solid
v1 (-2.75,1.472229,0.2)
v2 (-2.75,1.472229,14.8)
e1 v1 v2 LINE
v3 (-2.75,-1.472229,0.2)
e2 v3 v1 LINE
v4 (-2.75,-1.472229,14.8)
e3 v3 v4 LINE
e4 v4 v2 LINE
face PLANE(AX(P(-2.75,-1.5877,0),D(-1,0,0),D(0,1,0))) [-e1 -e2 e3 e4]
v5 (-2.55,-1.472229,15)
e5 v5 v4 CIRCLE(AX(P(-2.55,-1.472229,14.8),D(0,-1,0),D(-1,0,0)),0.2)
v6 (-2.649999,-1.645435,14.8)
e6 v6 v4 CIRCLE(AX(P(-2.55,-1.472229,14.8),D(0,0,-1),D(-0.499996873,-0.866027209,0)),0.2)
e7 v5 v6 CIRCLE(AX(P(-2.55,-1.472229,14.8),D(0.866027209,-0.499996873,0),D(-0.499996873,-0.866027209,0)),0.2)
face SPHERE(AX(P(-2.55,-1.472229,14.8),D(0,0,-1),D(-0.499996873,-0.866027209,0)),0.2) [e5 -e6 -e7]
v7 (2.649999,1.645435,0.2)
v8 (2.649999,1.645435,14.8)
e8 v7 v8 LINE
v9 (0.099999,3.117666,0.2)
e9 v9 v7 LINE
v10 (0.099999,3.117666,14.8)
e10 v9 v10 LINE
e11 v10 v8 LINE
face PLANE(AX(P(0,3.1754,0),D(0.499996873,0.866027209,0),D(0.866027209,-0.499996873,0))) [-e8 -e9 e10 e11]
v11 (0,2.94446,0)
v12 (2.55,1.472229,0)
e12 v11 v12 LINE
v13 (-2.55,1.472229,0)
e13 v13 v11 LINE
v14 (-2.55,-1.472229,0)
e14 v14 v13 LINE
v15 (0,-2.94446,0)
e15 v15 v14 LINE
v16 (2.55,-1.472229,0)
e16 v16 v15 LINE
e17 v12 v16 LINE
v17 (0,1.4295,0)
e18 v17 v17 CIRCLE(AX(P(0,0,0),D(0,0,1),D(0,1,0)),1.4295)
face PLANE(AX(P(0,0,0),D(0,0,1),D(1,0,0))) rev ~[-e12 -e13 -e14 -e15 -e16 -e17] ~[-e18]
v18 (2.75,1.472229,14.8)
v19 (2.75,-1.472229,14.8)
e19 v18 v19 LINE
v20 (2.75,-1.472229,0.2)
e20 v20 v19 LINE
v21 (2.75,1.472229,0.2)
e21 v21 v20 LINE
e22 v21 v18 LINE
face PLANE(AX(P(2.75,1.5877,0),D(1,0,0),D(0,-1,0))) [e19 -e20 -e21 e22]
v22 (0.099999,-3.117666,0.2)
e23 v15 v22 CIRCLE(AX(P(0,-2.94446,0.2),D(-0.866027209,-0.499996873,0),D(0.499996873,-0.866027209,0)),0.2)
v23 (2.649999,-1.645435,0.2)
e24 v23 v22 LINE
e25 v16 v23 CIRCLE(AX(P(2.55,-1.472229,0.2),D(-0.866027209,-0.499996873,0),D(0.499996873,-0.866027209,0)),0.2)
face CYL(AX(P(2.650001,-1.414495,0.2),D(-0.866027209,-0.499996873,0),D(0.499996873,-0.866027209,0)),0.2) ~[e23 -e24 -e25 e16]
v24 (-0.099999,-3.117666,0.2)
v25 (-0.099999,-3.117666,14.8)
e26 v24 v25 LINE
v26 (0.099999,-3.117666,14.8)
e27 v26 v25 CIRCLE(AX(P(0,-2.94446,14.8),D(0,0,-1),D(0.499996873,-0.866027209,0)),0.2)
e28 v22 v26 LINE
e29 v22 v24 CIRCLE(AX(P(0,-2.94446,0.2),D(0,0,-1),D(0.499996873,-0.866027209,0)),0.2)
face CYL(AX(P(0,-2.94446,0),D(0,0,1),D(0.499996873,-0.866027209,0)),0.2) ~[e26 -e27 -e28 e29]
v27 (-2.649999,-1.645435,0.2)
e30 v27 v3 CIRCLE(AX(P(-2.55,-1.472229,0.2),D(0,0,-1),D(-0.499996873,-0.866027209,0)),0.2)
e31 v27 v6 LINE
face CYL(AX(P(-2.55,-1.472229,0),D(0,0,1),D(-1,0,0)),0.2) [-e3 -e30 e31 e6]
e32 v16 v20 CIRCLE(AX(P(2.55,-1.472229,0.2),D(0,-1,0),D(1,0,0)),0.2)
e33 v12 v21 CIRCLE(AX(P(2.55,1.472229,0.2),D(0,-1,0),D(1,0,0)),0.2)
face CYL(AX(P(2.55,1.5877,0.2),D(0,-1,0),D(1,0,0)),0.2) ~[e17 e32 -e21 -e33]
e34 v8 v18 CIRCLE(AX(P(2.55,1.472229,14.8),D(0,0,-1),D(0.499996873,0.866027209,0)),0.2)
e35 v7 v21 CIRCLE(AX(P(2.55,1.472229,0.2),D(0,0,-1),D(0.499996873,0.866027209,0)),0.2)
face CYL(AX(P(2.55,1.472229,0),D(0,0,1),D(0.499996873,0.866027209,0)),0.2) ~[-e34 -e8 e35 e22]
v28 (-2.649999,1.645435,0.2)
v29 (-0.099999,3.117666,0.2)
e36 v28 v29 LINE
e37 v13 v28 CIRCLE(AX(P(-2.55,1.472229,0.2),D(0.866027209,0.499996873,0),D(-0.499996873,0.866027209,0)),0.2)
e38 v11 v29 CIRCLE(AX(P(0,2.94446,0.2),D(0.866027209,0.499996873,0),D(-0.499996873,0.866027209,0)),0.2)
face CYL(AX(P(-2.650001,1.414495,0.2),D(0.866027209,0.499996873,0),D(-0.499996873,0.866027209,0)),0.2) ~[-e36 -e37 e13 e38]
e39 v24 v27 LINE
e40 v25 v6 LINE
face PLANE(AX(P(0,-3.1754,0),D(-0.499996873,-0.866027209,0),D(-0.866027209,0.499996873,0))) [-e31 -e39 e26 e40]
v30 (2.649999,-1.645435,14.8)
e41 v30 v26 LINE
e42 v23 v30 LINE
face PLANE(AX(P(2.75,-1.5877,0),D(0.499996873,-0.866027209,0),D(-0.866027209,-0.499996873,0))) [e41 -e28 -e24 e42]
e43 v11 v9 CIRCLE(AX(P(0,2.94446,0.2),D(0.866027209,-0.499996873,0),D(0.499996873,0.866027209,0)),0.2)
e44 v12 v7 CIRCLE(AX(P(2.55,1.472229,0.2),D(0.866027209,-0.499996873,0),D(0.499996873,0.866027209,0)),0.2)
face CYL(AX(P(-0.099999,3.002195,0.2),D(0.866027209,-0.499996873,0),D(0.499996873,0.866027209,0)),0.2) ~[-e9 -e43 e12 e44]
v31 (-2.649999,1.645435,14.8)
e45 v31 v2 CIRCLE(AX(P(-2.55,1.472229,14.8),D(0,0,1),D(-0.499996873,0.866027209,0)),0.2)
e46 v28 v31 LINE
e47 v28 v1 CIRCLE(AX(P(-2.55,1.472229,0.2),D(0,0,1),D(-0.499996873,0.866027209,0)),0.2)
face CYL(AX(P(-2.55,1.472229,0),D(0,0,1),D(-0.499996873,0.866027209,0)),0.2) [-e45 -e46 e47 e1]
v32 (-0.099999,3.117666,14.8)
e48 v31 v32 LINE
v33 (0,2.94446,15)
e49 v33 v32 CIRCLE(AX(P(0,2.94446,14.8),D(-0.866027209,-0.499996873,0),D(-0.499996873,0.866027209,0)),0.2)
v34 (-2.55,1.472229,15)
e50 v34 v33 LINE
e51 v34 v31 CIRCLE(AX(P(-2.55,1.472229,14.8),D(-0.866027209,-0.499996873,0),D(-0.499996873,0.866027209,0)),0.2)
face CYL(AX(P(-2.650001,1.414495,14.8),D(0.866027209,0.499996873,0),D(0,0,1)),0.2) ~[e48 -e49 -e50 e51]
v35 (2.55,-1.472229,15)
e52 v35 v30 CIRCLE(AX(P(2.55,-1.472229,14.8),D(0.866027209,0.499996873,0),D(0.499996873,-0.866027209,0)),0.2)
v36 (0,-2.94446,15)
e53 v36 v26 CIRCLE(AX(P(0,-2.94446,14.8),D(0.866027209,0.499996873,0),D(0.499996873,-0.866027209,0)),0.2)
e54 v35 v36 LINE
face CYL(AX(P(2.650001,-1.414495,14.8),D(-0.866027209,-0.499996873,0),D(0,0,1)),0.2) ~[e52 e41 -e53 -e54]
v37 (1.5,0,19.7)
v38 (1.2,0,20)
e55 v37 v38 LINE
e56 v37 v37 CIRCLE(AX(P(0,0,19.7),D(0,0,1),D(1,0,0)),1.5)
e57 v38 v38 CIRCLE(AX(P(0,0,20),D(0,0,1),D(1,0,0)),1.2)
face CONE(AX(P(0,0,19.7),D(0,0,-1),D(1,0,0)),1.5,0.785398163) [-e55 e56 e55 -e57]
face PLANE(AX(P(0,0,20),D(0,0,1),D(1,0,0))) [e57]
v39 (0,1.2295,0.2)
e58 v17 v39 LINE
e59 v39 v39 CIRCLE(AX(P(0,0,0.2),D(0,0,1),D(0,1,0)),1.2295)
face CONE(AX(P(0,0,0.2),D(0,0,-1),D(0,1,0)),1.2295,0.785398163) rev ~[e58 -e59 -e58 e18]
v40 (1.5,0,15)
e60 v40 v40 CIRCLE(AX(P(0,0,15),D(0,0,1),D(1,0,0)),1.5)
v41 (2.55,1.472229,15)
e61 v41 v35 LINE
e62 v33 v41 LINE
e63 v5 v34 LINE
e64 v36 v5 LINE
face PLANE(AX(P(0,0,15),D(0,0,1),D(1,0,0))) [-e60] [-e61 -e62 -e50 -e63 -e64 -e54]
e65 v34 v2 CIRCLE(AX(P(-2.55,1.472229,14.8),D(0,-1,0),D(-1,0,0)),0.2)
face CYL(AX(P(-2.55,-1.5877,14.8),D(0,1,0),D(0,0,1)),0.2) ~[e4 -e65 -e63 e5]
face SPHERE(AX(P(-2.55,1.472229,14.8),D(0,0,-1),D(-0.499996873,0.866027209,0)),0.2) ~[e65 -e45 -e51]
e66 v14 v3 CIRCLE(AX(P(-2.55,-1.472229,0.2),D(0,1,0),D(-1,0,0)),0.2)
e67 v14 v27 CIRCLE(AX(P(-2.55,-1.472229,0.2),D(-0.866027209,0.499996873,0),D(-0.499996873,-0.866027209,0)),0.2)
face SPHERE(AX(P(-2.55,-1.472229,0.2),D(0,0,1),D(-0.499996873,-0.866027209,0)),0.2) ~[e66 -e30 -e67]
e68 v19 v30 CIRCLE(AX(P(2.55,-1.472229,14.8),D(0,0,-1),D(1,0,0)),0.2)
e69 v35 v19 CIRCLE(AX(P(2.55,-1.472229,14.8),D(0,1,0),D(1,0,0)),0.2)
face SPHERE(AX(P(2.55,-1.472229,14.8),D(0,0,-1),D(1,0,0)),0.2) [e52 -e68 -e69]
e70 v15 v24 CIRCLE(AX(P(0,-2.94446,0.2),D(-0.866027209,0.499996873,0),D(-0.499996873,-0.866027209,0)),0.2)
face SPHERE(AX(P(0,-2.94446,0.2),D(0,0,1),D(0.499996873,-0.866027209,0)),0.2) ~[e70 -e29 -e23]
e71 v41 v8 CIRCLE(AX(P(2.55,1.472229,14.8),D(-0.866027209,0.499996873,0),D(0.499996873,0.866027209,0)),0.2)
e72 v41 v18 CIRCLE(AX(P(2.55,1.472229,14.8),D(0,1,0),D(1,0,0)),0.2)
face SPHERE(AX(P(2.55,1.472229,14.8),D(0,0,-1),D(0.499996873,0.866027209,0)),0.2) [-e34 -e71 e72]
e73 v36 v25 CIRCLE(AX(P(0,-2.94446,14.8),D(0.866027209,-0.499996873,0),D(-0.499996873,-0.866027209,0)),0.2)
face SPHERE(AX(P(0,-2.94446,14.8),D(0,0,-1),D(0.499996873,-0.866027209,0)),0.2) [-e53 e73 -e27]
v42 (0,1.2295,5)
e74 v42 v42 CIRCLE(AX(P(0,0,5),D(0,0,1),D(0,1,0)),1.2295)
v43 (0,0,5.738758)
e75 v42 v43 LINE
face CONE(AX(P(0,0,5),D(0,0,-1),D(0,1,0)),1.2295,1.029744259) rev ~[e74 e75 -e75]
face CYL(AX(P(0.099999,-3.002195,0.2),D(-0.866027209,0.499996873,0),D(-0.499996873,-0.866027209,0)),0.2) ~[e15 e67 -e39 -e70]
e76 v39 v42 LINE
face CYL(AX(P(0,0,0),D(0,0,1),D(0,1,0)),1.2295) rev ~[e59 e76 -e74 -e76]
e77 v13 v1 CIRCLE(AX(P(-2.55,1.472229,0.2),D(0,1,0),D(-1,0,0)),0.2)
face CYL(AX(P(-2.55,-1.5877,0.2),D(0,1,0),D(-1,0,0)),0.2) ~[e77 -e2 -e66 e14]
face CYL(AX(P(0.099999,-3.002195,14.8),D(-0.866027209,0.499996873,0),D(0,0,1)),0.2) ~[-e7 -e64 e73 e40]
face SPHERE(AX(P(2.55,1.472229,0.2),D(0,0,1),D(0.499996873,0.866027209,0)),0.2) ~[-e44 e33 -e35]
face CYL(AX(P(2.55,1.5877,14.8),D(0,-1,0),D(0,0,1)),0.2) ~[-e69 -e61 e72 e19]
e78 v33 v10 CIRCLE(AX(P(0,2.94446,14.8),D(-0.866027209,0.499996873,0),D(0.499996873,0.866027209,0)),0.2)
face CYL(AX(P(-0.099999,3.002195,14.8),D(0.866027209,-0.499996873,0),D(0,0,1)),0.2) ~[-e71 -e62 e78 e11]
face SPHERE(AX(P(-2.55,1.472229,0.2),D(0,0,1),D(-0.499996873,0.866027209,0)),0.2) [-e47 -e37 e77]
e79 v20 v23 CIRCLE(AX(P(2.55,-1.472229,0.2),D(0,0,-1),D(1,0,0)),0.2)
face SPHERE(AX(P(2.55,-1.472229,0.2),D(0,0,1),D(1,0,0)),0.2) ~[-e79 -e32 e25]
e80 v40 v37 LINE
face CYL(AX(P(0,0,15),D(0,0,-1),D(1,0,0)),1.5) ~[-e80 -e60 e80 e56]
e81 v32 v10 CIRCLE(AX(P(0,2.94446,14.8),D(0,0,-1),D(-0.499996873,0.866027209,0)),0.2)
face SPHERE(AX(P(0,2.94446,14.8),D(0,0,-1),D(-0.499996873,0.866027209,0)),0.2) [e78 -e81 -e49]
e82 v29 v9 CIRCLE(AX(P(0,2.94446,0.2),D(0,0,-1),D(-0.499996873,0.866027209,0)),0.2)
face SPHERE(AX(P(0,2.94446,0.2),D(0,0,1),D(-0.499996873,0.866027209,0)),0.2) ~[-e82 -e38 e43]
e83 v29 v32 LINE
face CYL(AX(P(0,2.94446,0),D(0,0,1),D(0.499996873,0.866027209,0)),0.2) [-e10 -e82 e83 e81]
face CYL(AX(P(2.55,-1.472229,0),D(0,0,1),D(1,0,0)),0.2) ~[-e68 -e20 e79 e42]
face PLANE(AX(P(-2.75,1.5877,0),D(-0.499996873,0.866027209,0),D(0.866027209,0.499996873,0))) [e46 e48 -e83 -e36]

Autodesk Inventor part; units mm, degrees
ref_plane "YZ Plane" through (0, 0, 0) normal (1, 0, 0) x (0, 1, 0)
ref_plane "XZ Plane" through (0, 0, 0) normal (0, 1, 0) x (-1, 0, 0)
ref_plane "XY Plane" through (0, 0, 0) normal (0, 0, 1) x (1, 0, 0)
sketch "スケッチ1" plane through (0, 0, 0) normal (0, 0, 1) x (1, 0, 0)
  line L0 (0, 3.1754) -> (2.75, 1.5877)
  line L1 (2.75, 1.5877) -> (2.75, -1.5877)
  line L2 (2.75, -1.5877) -> (0, -3.1754)
  line L3 (0, -3.1754) -> (-2.75, -1.5877)
  line L4 (-2.75, -1.5877) -> (-2.75, 1.5877)
  line L5 (-2.75, 1.5877) -> (0, 3.1754)
  point P0 (0, 0)
  point P1 (0, 0)
  dimension "d0" = 5.5
extrude "押し出し1" add sketch "スケッチ1" along normal blind 15
sketch "スケッチ2" plane through (0, 0, 15) normal (0, 0, 1) x (1, 0, 0)
  circle A0 centre (0, 0) radius 1.5
  dimension "d3" = 3
extrude "押し出し2" add sketch "スケッチ2" along normal blind 5
thread "ねじ1" size "M3x0.5" class "6g" standard "ANSI Metric M Profile" length 12
chamfer "面取り1" distance 0.3 angle 45 1 edges at (-1.5, 0, 20)
fillet "フィレット1" radius 0.2 18 edges at (-1.375, 2.3816, 15) (1.375, 2.3816, 15) (2.75, 0, 15) (1.375, -2.3816, 15) (-1.375, -2.3816, 15) (-2.75, 0, 15) (-2.75, -1.5877, 7.5) (0, -3.1754, 7.5) (2.75, -1.5877, 7.5) (2.75, 1.5877, 7.5) (0, 3.1754, 7.5) (-2.75, 1.5877, 7.5) (-1.375, 2.3816, 0) (1.375, 2.3816, 0) (2.75, 0, 0) (1.375, -2.3816, 0) (-1.375, -2.3816, 0) (-2.75, 0, 0)
sketch "スケッチ3" plane through (0, 0, 0) normal (0, 0, -1) x (-1, 0, 0)
  point P0 (0, 0)
hole "穴1" at (0, 0, 0) direction (0, 0, 1) diameter 2.459 depth 5 tip angle 118 thread size "M3x0.5" class "6H" standard "ANSI Metric M Profile"
chamfer "面取り2" distance 0.2 angle 45 1 edges at (0, -1.2295, 0)
properties part number "hexagonal_spacer_M3_15mm" material "鋼、炭素鋼"
